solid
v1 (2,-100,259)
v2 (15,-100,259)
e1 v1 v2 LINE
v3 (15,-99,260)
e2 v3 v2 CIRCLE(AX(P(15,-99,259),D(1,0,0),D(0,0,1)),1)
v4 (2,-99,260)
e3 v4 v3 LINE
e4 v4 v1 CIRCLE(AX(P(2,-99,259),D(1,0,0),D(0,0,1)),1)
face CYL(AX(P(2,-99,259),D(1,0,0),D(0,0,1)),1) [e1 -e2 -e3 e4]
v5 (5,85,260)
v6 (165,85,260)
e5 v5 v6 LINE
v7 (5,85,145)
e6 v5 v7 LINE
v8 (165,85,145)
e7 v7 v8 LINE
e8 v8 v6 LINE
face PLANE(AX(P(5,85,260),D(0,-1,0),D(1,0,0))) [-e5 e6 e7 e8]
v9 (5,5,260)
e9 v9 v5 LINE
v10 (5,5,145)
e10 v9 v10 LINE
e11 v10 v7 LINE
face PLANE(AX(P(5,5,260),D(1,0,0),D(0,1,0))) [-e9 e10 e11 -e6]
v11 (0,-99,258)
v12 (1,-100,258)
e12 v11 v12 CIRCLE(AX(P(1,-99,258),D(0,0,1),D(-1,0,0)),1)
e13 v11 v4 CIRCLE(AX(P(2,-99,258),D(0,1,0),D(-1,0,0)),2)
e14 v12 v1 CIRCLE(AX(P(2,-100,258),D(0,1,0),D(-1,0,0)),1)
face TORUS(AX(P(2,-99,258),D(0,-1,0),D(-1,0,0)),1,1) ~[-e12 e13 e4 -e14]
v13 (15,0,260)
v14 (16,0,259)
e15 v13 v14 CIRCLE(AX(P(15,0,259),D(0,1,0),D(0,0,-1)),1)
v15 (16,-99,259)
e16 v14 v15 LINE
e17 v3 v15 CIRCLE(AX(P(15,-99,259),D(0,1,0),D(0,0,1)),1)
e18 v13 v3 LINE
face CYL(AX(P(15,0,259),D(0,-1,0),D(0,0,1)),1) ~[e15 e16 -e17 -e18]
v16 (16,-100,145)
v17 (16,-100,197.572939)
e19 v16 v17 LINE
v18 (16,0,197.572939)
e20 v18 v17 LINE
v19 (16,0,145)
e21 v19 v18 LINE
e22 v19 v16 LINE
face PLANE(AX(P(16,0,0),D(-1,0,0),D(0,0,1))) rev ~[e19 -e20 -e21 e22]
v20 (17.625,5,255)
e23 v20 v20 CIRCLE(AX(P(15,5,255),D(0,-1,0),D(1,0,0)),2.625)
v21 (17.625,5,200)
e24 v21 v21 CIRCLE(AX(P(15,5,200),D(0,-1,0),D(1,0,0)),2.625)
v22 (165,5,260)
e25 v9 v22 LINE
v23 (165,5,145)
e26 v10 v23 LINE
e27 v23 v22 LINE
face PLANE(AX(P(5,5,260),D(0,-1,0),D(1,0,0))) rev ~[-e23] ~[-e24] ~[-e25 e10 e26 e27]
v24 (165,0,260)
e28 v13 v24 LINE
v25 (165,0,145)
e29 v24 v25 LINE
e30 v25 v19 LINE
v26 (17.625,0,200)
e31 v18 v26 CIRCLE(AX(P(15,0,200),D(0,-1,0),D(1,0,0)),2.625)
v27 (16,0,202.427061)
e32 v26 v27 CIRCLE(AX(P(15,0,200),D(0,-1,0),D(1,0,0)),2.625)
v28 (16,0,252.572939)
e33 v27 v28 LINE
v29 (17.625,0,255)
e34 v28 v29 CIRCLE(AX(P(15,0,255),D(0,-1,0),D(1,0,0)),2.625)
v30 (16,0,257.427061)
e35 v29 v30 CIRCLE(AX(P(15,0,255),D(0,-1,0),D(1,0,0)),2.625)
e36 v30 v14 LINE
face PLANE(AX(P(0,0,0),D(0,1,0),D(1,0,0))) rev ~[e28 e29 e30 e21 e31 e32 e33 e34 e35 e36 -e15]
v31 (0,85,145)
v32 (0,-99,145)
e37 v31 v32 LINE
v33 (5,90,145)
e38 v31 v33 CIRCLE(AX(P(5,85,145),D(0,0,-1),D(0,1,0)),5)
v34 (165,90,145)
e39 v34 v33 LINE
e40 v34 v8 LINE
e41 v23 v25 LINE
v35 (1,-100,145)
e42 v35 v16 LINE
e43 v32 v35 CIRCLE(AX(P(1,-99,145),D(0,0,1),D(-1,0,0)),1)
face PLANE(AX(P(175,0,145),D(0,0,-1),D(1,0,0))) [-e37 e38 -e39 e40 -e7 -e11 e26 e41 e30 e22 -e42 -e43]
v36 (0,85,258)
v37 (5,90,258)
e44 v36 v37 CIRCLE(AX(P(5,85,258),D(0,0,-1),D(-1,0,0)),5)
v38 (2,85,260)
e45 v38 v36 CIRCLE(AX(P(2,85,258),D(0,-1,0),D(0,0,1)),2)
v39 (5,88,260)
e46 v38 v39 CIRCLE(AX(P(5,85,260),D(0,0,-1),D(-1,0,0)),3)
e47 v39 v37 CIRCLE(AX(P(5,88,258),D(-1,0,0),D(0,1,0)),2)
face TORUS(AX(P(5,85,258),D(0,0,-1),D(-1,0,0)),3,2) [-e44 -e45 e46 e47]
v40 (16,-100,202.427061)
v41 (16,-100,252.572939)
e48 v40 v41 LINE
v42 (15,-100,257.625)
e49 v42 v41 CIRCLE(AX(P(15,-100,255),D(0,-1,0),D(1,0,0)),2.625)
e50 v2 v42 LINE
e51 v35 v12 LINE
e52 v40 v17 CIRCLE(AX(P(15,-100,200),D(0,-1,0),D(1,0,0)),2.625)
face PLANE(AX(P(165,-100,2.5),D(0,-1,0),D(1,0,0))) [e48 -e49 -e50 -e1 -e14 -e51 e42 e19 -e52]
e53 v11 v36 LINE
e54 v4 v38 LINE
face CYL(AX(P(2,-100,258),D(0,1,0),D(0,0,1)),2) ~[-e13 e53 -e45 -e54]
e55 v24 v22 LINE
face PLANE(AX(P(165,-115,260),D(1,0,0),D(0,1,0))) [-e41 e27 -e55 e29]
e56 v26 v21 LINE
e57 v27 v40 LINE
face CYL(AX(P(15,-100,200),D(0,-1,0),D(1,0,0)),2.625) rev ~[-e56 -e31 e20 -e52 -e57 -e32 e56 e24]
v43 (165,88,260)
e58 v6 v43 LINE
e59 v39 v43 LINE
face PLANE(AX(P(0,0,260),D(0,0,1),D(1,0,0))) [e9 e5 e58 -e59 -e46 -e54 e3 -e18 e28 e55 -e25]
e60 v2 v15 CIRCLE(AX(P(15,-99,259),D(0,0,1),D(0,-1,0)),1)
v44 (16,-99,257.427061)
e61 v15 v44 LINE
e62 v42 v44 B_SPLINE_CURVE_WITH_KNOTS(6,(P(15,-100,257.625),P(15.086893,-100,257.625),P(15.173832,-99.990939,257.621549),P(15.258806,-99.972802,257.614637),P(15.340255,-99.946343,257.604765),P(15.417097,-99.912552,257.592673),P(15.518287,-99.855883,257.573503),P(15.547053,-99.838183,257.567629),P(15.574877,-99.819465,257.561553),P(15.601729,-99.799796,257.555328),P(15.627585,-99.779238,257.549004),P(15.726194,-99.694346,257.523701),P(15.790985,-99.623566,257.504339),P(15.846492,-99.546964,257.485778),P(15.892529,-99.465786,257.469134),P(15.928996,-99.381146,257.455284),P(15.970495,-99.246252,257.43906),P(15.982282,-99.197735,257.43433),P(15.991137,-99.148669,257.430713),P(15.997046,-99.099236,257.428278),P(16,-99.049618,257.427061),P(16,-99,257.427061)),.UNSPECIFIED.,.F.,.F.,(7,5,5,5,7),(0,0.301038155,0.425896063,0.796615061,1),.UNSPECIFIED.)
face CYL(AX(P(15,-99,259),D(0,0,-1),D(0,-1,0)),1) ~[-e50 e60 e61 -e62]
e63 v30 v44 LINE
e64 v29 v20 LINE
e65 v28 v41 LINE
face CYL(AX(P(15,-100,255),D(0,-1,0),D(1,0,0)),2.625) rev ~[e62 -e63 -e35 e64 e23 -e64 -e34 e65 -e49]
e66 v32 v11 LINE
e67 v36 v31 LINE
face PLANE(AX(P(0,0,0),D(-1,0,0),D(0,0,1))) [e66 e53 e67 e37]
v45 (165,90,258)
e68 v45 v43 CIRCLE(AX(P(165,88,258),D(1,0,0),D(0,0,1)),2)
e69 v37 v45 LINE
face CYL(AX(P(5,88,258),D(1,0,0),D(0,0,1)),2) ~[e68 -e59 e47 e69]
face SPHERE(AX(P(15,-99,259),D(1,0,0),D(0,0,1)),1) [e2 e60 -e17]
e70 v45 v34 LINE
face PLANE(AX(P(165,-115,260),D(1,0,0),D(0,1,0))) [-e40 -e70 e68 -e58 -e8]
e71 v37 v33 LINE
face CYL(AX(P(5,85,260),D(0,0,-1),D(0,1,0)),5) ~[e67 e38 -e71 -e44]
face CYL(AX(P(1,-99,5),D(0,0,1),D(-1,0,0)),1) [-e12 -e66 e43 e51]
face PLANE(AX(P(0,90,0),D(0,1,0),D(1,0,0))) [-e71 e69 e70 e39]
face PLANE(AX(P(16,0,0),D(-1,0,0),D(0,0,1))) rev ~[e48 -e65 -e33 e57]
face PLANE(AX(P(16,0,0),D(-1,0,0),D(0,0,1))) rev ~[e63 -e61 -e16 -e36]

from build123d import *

# Parameters (mm, degrees)
SKETCH_W        = 330
SKETCH_H        = 90
PAD_DEPTH       = 260
SKETCH001_W     = 320
SKETCH001_H     = 80
POCKET_DEPTH    = 250
SKETCH002_W     = 16
SKETCH002_H     = 260
PAD001_DEPTH    = 100
SKETCH003_R     = 2.625
POCKET001_DEPTH = 105
FILLET_R        = 5
FILLET001_R     = 5
FILLET002_R     = 5
FILLET003_R     = 2
FILLET004_R     = 1
FILLET005_R     = 1
FILLET006_R     = 1
FILLET007_R     = 1
SKETCH004_W     = 298
SKETCH004_H     = 5
PAD002_DEPTH    = 100
FILLET008_R     = 1
SKETCH005_W     = 390
SKETCH005_H     = 230
POCKET002_DEPTH = 145
SKETCH006_W     = 165
SKETCH006_H     = 230
POCKET003_DEPTH = 300


with BuildPart() as part:
    # Sketch → Pad (new body)
    with BuildSketch(Plane.XY):
        with Locations((165, 45)):
            Rectangle(SKETCH_W, SKETCH_H)
    extrude(amount=PAD_DEPTH)

    # Sketch001 (on Face6 of Pad) → Pocket (cut)
    with BuildSketch(Plane.XY.offset(260)):
        with Locations((165, 45)):
            Rectangle(SKETCH001_W, SKETCH001_H)
    extrude(amount=-POCKET_DEPTH, mode=Mode.SUBTRACT)

    # Sketch002 (on Face1 of Pocket) → Pad001 (join)
    with BuildSketch(Plane.XZ):
        with Locations((8, 130)):
            Rectangle(SKETCH002_W, SKETCH002_H)
        with Locations((322, 130)):
            Rectangle(SKETCH002_W, SKETCH002_H)
    extrude(amount=PAD001_DEPTH)

    # Sketch003 (on Face18 of Pad001) → Pocket001 (cut)
    with BuildSketch(Plane.XZ.offset(100)):
        with Locations((15, 40)):
            Circle(SKETCH003_R)
        with Locations((315, 40)):
            Circle(SKETCH003_R)
        with Locations((15, 120)):
            Circle(SKETCH003_R)
        with Locations((315, 120)):
            Circle(SKETCH003_R)
        with Locations((15, 200)):
            Circle(SKETCH003_R)
        with Locations((315, 200)):
            Circle(SKETCH003_R)
        with Locations((15, 255)):
            Circle(SKETCH003_R)
        with Locations((315, 255)):
            Circle(SKETCH003_R)
    extrude(amount=-POCKET001_DEPTH, mode=Mode.SUBTRACT)

    # Fillet
    fillet_edges = [part.edges().sort_by_distance(p)[0] for p in [
        (0, 45, 0),
    ]]
    fillet(fillet_edges, radius=FILLET_R)

    # Fillet001
    fillet001_edges = [part.edges().sort_by_distance(p)[0] for p in [
        (330, 45, 0),
    ]]
    fillet(fillet001_edges, radius=FILLET001_R)

    # Fillet002
    fillet002_edges = [part.edges().sort_by_distance(p)[0] for p in [
        (165, 90, 0),
    ]]
    fillet(fillet002_edges, radius=FILLET002_R)

    # Fillet003
    fillet003_edges = [part.edges().sort_by_distance(p)[0] for p in [
        (0, -50, 260),
    ]]
    fillet(fillet003_edges, radius=FILLET003_R)

    # Fillet004
    fillet004_edges = [part.edges().sort_by_distance(p)[0] for p in [
        (9, -100, 260),
    ]]
    fillet(fillet004_edges, radius=FILLET004_R)

    # Fillet005
    fillet005_edges = [part.edges().sort_by_distance(p)[0] for p in [
        (16, -49.5, 260),
    ]]
    fillet(fillet005_edges, radius=FILLET005_R)

    # Fillet006
    fillet006_edges = [part.edges().sort_by_distance(p)[0] for p in [
        (321, -100, 260),
    ]]
    fillet(fillet006_edges, radius=FILLET006_R)

    # Fillet007
    fillet007_edges = [part.edges().sort_by_distance(p)[0] for p in [
        (314, -49.5, 260),
    ]]
    fillet(fillet007_edges, radius=FILLET007_R)

    # Sketch004 (on Face4 of Fillet007) → Pad002 (join)
    with BuildSketch(Plane.XZ):
        with Locations((165, 2.5)):
            Rectangle(SKETCH004_W, SKETCH004_H)
    extrude(amount=PAD002_DEPTH)

    # Fillet008
    fillet008_edges = [part.edges().sort_by_distance(p)[0] for p in [
        (165, -100, 0),
    ]]
    fillet(fillet008_edges, radius=FILLET008_R)

    # Sketch005 (on Face7 of Fillet008) → Pocket002 (cut)
    with BuildSketch(Plane(origin=(0, 0, 0), x_dir=(1, 0, 0), z_dir=(0, 0, -1))):
        with Locations((175, 0)):
            Rectangle(SKETCH005_W, SKETCH005_H)
    extrude(amount=-POCKET002_DEPTH, mode=Mode.SUBTRACT)

    # Sketch006 (on Face46 of Pocket002) → Pocket003 (cut)
    with BuildSketch(Plane.XY.offset(260)):
        with Locations((247.5, 0)):
            Rectangle(SKETCH006_W, SKETCH006_H)
    extrude(amount=-POCKET003_DEPTH, mode=Mode.SUBTRACT)


solid = part.part
